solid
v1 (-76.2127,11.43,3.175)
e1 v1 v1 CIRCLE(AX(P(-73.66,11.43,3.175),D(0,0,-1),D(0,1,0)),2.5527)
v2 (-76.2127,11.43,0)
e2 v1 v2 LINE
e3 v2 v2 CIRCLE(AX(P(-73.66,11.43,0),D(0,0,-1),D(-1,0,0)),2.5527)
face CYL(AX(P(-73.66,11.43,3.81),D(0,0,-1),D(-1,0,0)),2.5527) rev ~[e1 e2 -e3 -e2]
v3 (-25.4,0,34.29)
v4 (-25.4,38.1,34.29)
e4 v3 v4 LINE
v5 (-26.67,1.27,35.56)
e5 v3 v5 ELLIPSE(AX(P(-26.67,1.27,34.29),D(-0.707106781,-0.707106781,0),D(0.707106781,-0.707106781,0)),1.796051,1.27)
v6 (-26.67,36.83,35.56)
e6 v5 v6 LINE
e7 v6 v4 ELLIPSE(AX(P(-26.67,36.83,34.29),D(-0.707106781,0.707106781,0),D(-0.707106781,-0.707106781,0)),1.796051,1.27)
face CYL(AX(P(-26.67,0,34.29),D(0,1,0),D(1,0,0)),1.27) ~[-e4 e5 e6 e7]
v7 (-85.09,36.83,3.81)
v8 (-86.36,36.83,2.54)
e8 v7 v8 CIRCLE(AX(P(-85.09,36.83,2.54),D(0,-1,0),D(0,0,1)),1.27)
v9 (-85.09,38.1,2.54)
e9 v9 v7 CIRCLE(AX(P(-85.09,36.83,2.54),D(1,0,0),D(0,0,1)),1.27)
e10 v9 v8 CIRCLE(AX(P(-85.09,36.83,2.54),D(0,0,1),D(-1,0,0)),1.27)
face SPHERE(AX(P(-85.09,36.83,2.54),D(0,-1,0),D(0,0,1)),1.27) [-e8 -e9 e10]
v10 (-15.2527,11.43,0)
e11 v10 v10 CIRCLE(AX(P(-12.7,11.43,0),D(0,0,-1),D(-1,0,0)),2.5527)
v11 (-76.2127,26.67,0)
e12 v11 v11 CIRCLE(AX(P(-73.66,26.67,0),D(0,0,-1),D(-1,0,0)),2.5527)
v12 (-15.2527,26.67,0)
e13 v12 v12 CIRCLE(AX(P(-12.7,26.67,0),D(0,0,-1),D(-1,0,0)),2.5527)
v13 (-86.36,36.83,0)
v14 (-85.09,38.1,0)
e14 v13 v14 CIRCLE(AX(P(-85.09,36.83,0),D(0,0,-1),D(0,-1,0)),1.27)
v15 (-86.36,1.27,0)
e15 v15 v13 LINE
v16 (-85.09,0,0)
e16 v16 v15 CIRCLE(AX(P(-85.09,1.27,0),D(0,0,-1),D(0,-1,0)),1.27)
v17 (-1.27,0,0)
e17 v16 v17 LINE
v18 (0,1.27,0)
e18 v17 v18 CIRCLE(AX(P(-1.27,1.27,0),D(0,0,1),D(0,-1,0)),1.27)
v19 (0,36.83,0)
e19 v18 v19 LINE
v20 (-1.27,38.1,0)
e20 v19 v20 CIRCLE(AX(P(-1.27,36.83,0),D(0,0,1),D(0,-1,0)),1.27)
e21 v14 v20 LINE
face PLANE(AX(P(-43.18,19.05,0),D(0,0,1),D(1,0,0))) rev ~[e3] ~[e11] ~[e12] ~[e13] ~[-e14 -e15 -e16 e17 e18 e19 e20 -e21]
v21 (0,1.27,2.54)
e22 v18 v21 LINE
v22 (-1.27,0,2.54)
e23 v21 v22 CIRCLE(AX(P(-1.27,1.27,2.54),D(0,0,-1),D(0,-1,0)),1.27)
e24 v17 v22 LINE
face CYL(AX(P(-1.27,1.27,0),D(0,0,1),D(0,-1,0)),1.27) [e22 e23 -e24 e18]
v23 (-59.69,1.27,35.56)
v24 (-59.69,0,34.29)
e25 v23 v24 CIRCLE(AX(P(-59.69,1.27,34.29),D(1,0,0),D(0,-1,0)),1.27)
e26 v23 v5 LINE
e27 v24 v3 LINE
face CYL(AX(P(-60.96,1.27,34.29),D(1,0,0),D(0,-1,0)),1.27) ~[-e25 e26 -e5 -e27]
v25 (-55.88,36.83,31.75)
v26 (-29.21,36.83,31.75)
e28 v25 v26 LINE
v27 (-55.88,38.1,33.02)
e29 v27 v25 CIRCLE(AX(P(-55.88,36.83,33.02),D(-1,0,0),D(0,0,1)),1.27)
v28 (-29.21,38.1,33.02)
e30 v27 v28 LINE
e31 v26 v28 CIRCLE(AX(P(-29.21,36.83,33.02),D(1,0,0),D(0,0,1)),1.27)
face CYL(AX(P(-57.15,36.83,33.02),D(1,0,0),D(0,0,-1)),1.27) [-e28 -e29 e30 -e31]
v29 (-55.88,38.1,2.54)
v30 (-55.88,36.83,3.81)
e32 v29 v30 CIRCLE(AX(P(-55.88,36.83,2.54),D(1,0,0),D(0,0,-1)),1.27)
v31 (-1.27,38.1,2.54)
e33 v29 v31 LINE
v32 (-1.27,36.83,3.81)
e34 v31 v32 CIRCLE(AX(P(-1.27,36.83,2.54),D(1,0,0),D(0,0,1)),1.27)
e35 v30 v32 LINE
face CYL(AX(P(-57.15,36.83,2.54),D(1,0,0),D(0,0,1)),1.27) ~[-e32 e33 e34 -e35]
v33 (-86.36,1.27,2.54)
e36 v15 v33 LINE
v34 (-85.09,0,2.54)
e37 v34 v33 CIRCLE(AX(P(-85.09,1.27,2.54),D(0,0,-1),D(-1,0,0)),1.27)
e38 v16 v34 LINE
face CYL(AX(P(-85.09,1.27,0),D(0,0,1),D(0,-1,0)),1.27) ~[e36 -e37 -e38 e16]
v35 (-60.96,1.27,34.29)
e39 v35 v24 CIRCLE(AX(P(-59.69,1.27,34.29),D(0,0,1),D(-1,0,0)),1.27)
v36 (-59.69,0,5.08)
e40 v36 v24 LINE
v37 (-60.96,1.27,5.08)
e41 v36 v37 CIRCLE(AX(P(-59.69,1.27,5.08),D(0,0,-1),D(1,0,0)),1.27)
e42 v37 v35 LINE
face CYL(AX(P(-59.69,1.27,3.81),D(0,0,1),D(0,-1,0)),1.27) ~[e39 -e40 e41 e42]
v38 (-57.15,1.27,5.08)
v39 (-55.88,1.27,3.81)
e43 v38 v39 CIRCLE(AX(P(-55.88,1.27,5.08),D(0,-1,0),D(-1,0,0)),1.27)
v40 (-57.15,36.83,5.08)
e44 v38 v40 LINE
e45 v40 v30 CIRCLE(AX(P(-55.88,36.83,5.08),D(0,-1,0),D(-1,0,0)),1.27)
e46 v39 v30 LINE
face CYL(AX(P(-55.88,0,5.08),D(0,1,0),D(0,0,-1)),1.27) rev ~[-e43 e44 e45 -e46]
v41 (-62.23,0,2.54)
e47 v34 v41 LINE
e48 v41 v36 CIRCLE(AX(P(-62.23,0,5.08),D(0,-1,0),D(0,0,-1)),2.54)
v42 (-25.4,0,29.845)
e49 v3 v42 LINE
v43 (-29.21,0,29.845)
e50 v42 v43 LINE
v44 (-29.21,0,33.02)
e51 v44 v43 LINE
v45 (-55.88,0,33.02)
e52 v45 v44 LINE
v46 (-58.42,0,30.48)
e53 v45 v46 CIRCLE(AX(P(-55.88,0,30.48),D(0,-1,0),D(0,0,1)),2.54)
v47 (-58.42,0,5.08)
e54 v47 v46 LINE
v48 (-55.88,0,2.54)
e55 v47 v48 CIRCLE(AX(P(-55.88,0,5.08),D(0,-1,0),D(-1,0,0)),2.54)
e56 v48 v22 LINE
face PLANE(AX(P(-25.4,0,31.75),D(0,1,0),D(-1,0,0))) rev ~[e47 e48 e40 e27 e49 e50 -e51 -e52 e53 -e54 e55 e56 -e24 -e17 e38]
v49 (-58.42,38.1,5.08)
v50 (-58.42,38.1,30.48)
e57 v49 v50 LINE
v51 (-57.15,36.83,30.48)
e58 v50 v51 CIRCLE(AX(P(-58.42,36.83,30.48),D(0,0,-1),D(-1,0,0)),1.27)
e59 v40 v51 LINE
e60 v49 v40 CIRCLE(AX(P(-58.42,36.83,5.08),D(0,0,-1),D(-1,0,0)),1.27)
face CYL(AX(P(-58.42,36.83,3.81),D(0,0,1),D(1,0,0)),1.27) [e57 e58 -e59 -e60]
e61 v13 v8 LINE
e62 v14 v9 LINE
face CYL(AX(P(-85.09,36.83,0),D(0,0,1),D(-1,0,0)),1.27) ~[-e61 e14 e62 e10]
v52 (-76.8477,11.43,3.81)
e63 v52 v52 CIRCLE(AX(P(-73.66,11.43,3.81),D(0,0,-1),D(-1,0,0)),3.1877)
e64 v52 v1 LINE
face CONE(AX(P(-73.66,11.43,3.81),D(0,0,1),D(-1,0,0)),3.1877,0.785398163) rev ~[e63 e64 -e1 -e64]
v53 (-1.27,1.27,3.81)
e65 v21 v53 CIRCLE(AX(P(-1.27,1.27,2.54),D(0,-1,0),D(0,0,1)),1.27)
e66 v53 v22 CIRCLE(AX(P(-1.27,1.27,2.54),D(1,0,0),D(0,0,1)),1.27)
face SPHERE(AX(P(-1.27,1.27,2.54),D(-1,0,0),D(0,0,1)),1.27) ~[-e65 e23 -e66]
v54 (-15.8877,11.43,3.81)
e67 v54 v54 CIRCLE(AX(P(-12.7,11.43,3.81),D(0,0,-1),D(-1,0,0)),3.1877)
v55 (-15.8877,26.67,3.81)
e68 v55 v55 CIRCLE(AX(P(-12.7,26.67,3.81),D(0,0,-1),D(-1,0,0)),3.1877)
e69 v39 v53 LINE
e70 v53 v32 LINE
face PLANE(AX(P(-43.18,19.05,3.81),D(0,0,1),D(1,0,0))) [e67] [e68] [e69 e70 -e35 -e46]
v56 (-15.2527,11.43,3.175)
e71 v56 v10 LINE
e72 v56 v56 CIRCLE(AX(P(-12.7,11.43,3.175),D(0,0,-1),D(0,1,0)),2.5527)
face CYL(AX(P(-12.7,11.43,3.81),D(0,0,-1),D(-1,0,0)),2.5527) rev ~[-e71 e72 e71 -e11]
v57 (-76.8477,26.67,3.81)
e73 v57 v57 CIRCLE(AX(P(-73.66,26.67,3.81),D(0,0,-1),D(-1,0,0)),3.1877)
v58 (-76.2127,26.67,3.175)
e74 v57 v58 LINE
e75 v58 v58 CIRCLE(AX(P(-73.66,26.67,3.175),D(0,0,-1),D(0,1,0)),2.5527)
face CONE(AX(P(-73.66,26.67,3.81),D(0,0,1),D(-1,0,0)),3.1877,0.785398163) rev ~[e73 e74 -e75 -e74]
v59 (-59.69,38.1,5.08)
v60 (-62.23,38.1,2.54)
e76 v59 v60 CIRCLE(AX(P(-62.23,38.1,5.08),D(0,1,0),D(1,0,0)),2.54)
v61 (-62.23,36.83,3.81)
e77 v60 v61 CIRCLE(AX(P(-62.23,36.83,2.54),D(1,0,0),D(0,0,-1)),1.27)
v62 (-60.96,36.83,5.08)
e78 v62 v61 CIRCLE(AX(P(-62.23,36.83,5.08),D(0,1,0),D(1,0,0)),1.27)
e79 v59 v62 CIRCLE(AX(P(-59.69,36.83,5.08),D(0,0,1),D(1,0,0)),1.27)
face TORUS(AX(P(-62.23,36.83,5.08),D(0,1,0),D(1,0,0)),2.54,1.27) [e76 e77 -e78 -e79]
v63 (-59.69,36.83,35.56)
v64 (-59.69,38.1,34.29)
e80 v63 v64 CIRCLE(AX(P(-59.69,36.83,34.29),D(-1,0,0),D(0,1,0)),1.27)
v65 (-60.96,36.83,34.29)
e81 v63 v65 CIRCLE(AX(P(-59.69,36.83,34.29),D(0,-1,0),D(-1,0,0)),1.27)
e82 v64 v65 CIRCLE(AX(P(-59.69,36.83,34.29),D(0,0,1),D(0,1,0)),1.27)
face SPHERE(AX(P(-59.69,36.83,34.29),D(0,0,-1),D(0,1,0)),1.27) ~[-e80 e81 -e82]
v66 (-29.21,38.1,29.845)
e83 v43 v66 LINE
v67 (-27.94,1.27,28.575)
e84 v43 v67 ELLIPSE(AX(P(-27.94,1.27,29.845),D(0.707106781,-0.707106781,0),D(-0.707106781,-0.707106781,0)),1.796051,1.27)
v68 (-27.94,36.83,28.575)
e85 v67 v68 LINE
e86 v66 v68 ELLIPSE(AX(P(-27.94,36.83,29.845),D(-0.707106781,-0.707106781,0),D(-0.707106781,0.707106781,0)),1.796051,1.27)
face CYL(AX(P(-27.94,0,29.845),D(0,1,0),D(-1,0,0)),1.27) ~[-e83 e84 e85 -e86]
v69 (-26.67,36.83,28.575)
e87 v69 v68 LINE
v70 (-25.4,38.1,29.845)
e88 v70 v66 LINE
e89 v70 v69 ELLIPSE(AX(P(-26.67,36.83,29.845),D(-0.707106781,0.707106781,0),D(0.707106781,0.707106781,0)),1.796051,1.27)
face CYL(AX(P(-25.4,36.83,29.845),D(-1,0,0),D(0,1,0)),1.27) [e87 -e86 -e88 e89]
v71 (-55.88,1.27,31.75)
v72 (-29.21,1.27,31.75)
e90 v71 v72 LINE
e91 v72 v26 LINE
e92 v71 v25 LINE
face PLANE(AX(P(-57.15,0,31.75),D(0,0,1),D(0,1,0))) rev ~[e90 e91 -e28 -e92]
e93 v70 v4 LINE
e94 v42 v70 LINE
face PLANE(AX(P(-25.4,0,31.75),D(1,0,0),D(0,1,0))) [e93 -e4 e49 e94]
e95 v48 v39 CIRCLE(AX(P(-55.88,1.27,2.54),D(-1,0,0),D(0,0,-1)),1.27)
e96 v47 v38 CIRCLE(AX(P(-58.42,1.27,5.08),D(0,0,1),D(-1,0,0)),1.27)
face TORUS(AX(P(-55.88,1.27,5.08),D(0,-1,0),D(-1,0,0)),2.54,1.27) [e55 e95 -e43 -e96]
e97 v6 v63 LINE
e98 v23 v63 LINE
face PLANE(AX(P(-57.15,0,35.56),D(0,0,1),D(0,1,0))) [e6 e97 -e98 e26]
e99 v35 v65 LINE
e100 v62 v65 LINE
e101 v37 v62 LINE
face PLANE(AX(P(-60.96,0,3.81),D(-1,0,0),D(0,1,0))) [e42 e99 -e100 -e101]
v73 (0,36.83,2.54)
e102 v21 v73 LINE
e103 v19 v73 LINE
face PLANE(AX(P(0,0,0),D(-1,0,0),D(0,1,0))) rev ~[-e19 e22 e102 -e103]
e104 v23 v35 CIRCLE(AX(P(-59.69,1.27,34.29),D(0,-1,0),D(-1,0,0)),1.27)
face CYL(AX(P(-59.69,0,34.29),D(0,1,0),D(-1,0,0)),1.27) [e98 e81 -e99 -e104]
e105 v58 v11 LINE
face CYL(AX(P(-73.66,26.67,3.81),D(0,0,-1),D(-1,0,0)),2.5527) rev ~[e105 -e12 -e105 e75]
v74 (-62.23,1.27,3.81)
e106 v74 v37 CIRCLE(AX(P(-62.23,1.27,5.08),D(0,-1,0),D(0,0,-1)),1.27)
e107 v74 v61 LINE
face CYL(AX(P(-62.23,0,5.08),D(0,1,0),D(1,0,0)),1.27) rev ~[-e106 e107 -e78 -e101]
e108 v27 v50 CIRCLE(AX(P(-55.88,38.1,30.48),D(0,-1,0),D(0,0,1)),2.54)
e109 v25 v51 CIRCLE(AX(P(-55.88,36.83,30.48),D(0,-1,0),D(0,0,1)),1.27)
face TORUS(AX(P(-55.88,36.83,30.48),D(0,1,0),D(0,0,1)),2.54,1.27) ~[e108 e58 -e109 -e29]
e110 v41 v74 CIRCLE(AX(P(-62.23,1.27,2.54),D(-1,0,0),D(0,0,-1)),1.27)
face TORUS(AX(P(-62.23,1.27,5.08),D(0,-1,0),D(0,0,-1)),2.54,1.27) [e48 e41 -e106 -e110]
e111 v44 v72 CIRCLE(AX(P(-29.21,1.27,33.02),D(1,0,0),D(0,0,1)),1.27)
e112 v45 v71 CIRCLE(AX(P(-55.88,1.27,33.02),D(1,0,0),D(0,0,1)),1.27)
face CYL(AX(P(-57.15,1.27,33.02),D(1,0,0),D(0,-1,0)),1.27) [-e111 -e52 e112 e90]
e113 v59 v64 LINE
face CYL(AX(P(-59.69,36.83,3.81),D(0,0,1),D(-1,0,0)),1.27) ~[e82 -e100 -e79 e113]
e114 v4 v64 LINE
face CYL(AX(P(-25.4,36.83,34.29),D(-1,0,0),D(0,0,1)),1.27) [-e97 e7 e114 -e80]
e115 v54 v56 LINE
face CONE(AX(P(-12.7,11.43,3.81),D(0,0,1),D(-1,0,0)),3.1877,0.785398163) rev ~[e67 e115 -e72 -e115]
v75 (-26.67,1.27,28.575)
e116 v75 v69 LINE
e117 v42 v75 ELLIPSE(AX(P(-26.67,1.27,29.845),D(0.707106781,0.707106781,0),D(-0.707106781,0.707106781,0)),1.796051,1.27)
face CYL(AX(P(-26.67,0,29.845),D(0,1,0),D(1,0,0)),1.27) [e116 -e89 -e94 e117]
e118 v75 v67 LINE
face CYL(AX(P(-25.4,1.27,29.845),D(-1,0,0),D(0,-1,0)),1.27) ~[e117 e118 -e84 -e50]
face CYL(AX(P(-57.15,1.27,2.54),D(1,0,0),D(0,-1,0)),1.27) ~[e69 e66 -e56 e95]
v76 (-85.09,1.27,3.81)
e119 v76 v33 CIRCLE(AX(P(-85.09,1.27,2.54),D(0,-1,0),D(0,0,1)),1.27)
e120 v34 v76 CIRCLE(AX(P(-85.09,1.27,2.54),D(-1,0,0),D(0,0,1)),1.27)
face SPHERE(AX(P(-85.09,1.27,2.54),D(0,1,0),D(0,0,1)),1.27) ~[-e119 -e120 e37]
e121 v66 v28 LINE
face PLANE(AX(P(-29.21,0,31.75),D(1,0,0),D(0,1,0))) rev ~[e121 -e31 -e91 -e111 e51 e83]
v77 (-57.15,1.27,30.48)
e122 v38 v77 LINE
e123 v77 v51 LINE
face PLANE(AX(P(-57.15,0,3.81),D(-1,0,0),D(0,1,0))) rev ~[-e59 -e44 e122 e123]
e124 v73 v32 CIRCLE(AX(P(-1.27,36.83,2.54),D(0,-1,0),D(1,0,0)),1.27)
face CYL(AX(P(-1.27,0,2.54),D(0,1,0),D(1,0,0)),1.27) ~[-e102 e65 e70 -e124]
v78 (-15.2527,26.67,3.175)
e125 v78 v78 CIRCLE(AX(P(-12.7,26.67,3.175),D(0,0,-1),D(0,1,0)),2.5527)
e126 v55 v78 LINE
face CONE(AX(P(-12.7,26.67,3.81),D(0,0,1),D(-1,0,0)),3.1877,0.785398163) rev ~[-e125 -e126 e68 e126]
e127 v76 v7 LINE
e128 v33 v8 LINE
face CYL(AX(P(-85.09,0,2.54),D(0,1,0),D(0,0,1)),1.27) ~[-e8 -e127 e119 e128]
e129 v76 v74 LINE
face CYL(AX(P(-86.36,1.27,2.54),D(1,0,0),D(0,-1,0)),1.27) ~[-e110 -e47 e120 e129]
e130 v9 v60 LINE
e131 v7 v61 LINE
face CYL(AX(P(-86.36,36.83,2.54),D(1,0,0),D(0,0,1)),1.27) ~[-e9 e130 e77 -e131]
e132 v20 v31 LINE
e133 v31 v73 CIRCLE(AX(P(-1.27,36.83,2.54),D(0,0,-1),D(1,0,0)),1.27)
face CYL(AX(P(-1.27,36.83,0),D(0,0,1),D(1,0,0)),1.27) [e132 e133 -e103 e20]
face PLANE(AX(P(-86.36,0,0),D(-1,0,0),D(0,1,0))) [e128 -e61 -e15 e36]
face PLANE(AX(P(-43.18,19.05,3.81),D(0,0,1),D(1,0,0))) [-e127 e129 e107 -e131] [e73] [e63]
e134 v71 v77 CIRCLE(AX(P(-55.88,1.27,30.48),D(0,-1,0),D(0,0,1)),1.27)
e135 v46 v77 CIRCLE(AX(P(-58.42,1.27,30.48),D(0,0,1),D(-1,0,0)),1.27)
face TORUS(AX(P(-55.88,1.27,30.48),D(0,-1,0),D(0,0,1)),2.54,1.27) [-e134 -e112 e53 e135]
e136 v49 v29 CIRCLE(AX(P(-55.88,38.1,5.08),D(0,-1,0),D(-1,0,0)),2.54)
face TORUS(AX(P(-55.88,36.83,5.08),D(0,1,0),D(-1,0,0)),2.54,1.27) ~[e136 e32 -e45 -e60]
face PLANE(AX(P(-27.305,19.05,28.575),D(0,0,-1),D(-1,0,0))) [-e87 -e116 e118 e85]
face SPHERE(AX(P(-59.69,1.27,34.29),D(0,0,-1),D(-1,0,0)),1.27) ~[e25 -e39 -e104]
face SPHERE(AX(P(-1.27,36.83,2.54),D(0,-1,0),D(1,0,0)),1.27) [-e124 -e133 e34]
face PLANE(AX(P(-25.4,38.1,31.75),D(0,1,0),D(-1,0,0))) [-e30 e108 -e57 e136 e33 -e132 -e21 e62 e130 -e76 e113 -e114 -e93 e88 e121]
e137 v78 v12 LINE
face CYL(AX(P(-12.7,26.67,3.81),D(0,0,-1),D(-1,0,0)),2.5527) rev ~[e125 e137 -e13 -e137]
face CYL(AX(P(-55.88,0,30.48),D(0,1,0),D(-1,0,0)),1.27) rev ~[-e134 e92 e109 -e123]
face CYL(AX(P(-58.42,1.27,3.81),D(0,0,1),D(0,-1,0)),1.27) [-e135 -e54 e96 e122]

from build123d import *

# Parameters (mm, degrees)
SKETCH1_W                        = 86.36
SKETCH1_H                        = 38.1
BOSS_EXTRUDE1_DEPTH              = 3.81
SKETCH2_W                        = 3.81
SKETCH2_H                        = 38.1
BOSS_EXTRUDE2_DEPTH              = 31.75
SKETCH3_W                        = 3.81
SKETCH3_H                        = 38.1
BOSS_EXTRUDE3_DEPTH              = 31.75
SKETCH4_W                        = 3.81
SKETCH4_H                        = 38.1
BOSS_EXTRUDE4_DEPTH              = 3.175
FILLET1_R                        = 1.27
F_10_CLEARANCE_HOLE1_D           = 5.1054
F_10_CLEARANCE_HOLE1_CSINK_D     = 6.3754
F_10_CLEARANCE_HOLE1_CSINK_ANGLE = 90


with BuildPart() as part:
    # Sketch1 → Boss-Extrude1 (new body)
    with BuildSketch(Plane.XY):
        with Locations((-43.18, 19.05)):
            Rectangle(SKETCH1_W, SKETCH1_H)
    extrude(amount=BOSS_EXTRUDE1_DEPTH)

    # Sketch2 → Boss-Extrude2 (add)
    with BuildSketch(Plane.XY.offset(3.81)):
        with Locations((-59.055, 19.05)):
            Rectangle(SKETCH2_W, SKETCH2_H)
    extrude(amount=BOSS_EXTRUDE2_DEPTH)

    # Sketch3 → Boss-Extrude3 (add)
    with BuildSketch(Plane(origin=(-57.15, 0, 0), x_dir=(0, 0, -1), z_dir=(1, 0, 0))):
        with Locations((-33.655, 19.05)):
            Rectangle(SKETCH3_W, SKETCH3_H)
    extrude(amount=BOSS_EXTRUDE3_DEPTH)

    # Sketch4 → Boss-Extrude4 (add)
    with BuildSketch(Plane(origin=(0, 0, 31.75), x_dir=(-1, 0, 0), z_dir=(0, 0, -1))):
        with Locations((27.305, 19.05)):
            Rectangle(SKETCH4_W, SKETCH4_H)
    extrude(amount=BOSS_EXTRUDE4_DEPTH)

    # Fillet1
    fillet1_edges = [part.edges().sort_by_distance(p)[0] for p in [
        (-86.36, 19.05, 3.81),
        (-73.66, 38.1, 3.81),
        (-28.575, 0, 3.81),
        (-57.15, 19.05, 3.81),
        (-60.96, 19.05, 3.81),
        (-73.66, 0, 3.81),
        (-60.96, 38.1, 19.685),
        (-60.96, 0, 19.685),
        (-43.18, 38.1, 35.56),
        (-60.96, 19.05, 35.56),
        (-43.18, 0, 35.56),
        (-57.15, 38.1, 17.78),
        (-57.15, 0, 17.78),
        (-57.15, 19.05, 31.75),
        (-25.4, 19.05, 35.56),
        (-43.18, 38.1, 31.75),
        (-43.18, 0, 31.75),
        (-25.4, 19.05, 28.575),
        (-27.305, 0, 28.575),
        (-29.21, 19.05, 28.575),
        (-27.305, 38.1, 28.575),
        (0, 19.05, 3.81),
        (0, 0, 1.905),
        (-86.36, 0, 1.905),
        (-86.36, 38.1, 1.905),
        (0, 38.1, 1.905),
        (-28.575, 38.1, 3.81),
    ]]
    fillet(fillet1_edges, radius=FILLET1_R)

    # #10 Clearance Hole1 (through all)
    with Locations(Plane.XY.offset(3.81)):
        with Locations((-73.66, 11.43), (-73.66, 26.67), (-12.7, 11.43), (-12.7, 26.67)):
            CounterSinkHole(F_10_CLEARANCE_HOLE1_D / 2, F_10_CLEARANCE_HOLE1_CSINK_D / 2, counter_sink_angle=F_10_CLEARANCE_HOLE1_CSINK_ANGLE)


solid = part.part
